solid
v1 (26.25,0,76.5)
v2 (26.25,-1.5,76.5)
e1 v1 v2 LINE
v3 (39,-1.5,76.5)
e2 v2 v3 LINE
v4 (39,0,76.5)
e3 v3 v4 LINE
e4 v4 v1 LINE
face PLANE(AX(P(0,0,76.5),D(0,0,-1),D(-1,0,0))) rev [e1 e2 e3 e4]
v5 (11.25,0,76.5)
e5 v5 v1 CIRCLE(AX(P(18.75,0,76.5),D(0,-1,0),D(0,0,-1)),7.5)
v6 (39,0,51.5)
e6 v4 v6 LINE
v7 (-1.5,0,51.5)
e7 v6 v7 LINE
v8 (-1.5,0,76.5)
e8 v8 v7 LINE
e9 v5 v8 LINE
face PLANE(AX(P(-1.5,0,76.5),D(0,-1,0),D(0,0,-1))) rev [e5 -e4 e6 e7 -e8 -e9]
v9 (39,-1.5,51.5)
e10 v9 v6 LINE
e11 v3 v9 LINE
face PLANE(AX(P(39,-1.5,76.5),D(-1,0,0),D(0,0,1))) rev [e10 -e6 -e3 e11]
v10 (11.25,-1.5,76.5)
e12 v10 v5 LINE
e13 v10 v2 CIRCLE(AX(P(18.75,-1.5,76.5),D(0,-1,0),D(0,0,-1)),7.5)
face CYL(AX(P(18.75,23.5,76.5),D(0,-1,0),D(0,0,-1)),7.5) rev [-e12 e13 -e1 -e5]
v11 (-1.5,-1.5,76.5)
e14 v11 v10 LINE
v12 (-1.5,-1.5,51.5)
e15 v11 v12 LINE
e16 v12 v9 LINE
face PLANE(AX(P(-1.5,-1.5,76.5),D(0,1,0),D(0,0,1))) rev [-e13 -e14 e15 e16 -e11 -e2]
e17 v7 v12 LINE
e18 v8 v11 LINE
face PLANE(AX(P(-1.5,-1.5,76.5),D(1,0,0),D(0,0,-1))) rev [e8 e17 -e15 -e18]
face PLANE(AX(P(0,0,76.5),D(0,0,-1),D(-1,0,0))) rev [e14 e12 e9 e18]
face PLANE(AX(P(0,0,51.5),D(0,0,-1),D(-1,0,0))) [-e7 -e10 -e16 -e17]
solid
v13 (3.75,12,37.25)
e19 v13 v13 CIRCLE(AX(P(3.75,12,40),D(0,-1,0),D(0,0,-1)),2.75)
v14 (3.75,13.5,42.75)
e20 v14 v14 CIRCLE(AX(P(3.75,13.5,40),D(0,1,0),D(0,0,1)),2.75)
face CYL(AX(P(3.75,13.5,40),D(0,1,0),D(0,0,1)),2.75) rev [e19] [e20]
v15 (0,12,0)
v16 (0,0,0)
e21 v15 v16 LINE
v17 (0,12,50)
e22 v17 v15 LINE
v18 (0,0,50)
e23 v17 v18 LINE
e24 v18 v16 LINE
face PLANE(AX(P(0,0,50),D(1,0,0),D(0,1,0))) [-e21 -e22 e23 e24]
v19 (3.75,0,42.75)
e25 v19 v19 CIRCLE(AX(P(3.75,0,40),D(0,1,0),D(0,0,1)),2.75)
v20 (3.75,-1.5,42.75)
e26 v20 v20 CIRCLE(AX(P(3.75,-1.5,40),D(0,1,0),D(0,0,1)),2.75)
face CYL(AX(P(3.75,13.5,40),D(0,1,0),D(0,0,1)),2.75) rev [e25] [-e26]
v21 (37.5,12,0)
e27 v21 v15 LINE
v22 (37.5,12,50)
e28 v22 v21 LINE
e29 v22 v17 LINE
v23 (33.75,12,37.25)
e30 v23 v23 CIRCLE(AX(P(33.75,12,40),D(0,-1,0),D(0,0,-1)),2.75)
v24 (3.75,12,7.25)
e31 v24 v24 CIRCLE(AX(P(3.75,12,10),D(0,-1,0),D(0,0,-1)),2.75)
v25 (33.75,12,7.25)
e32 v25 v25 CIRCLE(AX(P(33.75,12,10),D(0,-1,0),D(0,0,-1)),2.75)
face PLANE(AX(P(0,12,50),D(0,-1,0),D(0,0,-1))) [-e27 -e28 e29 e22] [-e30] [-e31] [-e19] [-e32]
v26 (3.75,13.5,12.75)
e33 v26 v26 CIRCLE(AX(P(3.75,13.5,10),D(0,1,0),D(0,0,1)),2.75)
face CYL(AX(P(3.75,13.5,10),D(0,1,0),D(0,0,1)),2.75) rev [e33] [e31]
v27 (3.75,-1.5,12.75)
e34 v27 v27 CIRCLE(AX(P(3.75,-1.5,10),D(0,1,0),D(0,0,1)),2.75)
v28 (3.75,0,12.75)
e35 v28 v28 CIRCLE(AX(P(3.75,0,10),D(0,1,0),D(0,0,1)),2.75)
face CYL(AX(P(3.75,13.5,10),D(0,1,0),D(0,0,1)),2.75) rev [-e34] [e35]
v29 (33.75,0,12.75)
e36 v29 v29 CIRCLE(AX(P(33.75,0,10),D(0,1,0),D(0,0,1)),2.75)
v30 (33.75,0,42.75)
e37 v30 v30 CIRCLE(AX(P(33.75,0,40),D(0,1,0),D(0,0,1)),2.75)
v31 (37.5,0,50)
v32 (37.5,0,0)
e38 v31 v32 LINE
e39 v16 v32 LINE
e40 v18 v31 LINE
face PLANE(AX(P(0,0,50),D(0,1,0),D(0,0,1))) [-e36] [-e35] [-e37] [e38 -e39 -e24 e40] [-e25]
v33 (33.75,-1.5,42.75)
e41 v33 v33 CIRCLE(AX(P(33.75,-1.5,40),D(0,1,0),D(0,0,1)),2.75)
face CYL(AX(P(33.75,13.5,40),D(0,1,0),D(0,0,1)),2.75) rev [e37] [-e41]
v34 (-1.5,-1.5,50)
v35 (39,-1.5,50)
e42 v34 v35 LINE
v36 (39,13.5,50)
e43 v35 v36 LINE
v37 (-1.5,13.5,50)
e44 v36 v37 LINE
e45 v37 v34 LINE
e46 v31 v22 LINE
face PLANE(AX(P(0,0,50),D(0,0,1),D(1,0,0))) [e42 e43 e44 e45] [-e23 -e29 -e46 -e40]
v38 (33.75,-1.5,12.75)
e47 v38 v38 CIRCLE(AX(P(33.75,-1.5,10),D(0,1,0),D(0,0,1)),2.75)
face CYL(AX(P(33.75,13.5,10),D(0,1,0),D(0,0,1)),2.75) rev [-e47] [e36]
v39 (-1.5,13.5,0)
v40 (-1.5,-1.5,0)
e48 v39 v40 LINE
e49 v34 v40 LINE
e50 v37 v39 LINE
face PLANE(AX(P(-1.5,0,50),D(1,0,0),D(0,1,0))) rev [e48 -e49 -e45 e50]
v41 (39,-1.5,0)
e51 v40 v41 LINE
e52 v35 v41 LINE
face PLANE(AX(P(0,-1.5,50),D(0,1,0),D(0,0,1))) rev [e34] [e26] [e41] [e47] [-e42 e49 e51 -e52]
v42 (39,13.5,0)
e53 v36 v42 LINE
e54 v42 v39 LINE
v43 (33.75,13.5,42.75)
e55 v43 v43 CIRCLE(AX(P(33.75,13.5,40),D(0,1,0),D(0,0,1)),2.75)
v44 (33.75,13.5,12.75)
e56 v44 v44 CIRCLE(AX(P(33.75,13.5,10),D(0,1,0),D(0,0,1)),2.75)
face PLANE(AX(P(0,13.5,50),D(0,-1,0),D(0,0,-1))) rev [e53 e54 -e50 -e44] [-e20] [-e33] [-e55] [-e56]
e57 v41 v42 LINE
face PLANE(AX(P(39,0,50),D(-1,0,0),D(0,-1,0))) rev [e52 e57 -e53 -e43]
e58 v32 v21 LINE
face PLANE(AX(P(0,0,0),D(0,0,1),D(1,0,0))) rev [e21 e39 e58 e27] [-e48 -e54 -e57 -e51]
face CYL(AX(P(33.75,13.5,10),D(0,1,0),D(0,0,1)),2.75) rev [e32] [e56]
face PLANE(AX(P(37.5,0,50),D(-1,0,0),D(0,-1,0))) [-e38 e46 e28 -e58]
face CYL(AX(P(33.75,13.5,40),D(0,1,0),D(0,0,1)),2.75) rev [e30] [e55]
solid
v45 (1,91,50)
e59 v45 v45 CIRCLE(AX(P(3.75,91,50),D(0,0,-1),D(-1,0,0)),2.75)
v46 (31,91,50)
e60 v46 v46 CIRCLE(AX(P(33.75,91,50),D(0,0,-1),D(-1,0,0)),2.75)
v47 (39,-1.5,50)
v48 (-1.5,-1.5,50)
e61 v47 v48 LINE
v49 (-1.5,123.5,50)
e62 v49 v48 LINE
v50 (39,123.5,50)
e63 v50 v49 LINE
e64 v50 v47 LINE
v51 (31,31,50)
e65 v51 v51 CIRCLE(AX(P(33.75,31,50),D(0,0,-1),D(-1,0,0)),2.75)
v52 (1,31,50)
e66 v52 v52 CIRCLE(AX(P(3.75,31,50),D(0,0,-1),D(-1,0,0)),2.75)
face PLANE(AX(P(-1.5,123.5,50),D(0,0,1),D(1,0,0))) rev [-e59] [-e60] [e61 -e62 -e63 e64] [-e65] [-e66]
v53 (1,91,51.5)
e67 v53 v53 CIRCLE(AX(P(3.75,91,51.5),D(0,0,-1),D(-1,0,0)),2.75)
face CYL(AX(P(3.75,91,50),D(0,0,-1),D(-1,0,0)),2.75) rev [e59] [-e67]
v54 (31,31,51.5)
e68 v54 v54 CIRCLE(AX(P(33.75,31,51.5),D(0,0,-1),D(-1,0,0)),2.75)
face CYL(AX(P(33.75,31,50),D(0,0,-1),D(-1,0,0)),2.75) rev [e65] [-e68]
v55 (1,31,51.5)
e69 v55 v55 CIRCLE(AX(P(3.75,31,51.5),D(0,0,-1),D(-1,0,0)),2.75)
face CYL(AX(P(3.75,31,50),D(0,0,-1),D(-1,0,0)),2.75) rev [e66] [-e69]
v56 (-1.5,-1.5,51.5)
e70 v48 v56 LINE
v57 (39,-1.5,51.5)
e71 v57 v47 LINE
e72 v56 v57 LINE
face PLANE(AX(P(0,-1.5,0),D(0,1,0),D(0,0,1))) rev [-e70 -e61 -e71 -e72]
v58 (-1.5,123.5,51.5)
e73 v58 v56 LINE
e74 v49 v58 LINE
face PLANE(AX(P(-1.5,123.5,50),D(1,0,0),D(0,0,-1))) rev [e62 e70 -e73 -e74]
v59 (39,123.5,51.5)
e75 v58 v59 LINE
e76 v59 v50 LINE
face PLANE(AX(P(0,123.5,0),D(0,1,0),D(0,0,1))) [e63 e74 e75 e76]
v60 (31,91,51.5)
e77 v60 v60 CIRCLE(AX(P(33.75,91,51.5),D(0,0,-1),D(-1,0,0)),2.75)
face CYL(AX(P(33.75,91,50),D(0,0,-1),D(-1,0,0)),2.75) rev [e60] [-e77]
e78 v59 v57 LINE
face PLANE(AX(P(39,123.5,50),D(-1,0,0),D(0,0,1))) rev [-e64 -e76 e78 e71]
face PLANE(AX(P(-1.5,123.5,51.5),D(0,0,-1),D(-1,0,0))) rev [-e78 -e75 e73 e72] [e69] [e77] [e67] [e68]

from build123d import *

# Parameters (mm, degrees)
SKETCH2_W                       = 40.5
SKETCH2_H                       = 15
SKETCH2_W_2                     = 37.5
SKETCH2_H_2                     = 12
TUBE_CANTILEVER_DEPTH           = 50
SKETCH4_W                       = 40.5
SKETCH4_H                       = 1.5
FLANGE_LEG_DEPTH                = 125
SKETCH5_W                       = 40.5
SKETCH5_H                       = 1.5
BOTTOM_LEG_DEPTH                = 25
SKETCH6_R                       = 7.5
LEADSCREW_CLEARANCE_DEPTH       = 25
SKETCH8_W                       = 2.75
SKETCH8_H                       = 15
DESKTOP_HOLE_PATTERN_AT_2_COUNT = 2
DESKTOP_HOLE_PATTERN_AT_2_PITCH = 42.426406871
DESKTOP_HOLE_PATTERN_AT_3_COUNT = 2
DESKTOP_HOLE_PATTERN_AT_3_PITCH = 30
DESKTOP_HOLE_PATTERN_AT_4_COUNT = 2
DESKTOP_HOLE_PATTERN_AT_4_PITCH = 30
SKETCH10_W                      = 2.75
SKETCH10_H                      = 26.5
BEARING_HOLE_PATTERN_AT_2_COUNT = 2
BEARING_HOLE_PATTERN_AT_2_PITCH = 67.082039325
BEARING_HOLE_PATTERN_AT_3_COUNT = 2
BEARING_HOLE_PATTERN_AT_3_PITCH = 60
BEARING_HOLE_PATTERN_AT_4_COUNT = 2
BEARING_HOLE_PATTERN_AT_4_PITCH = 30


with BuildPart() as part:
    # Sketch2 → tube cantilever (new body)
    with BuildSketch(Plane.XY):
        with Locations((18.75, 6)):
            Rectangle(SKETCH2_W, SKETCH2_H)
        with Locations((18.75, 6)):
            Rectangle(SKETCH2_W_2, SKETCH2_H_2, mode=Mode.SUBTRACT)
    extrude(amount=TUBE_CANTILEVER_DEPTH)

    # Sketch8 → desktop hole pattern (revolve, cut)
    with BuildSketch(Plane(origin=(3.75, 13.5, 10), x_dir=(0, 0, 1), z_dir=(1, 0, 0))):
        with Locations((1.375, 7.5)):
            Rectangle(SKETCH8_W, SKETCH8_H)
    desktop_hole_pattern = revolve(axis=Axis((3.75, 19.85, 10), (0, -1, 0)), mode=Mode.SUBTRACT)

    # desktop hole pattern at 2: desktop hole pattern ×2
    with Locations(*[Vector(0.7071067811865475, 0, 0.7071067811865477) * (i * DESKTOP_HOLE_PATTERN_AT_2_PITCH) for i in range(1, DESKTOP_HOLE_PATTERN_AT_2_COUNT)]):
        add(desktop_hole_pattern, mode=Mode.SUBTRACT)

    # desktop hole pattern at 3: desktop hole pattern ×2
    with Locations(*[(0, 0, i * DESKTOP_HOLE_PATTERN_AT_3_PITCH) for i in range(1, DESKTOP_HOLE_PATTERN_AT_3_COUNT)]):
        add(desktop_hole_pattern, mode=Mode.SUBTRACT)

    # desktop hole pattern at 4: desktop hole pattern ×2
    with Locations(*[(i * DESKTOP_HOLE_PATTERN_AT_4_PITCH, 0, 0) for i in range(1, DESKTOP_HOLE_PATTERN_AT_4_COUNT)]):
        add(desktop_hole_pattern, mode=Mode.SUBTRACT)


with BuildPart() as body_2:
    # Sketch4 → flange leg (new body)
    with BuildSketch(Plane(origin=(0, -1.5, 0), x_dir=(1, 0, 0), z_dir=(0, 1, 0))):
        with Locations((18.75, -50.75)):
            Rectangle(SKETCH4_W, SKETCH4_H)
    extrude(amount=FLANGE_LEG_DEPTH)

    # Sketch10 → bearing hole pattern (revolve, cut)
    with BuildSketch(Plane(origin=(33.75, 91, 50), x_dir=(0, 1, 0), z_dir=(1, 0, 0))):
        with Locations((1.375, 13.25)):
            Rectangle(SKETCH10_W, SKETCH10_H)
    bearing_hole_pattern = revolve(axis=Axis((33.75, 91, 43.65), (0, 0, 1)), mode=Mode.SUBTRACT)

    # bearing hole pattern at 2: bearing hole pattern ×2
    with Locations(*[Vector(-0.447213595499958, -0.894427190999916, 0) * (i * BEARING_HOLE_PATTERN_AT_2_PITCH) for i in range(1, BEARING_HOLE_PATTERN_AT_2_COUNT)]):
        add(bearing_hole_pattern, mode=Mode.SUBTRACT)

    # bearing hole pattern at 3: bearing hole pattern ×2
    with Locations(*[(0, -i * BEARING_HOLE_PATTERN_AT_3_PITCH, 0) for i in range(1, BEARING_HOLE_PATTERN_AT_3_COUNT)]):
        add(bearing_hole_pattern, mode=Mode.SUBTRACT)

    # bearing hole pattern at 4: bearing hole pattern ×2
    with Locations(*[(-i * BEARING_HOLE_PATTERN_AT_4_PITCH, 0, 0) for i in range(1, BEARING_HOLE_PATTERN_AT_4_COUNT)]):
        add(bearing_hole_pattern, mode=Mode.SUBTRACT)


with BuildPart() as body_3:
    # Sketch5 → bottom leg (new body)
    with BuildSketch(Plane.XY.offset(51.5)):
        with Locations((18.75, -0.75)):
            Rectangle(SKETCH5_W, SKETCH5_H)
    extrude(amount=BOTTOM_LEG_DEPTH)

    # Sketch6 → leadscrew clearance (cut)
    with BuildSketch(Plane.XZ.offset(1.5)):
        with Locations((18.75, 76.5)):
            Circle(SKETCH6_R)
    extrude(amount=-LEADSCREW_CLEARANCE_DEPTH, mode=Mode.SUBTRACT)


solid = Compound([part.part, body_2.part, body_3.part])
